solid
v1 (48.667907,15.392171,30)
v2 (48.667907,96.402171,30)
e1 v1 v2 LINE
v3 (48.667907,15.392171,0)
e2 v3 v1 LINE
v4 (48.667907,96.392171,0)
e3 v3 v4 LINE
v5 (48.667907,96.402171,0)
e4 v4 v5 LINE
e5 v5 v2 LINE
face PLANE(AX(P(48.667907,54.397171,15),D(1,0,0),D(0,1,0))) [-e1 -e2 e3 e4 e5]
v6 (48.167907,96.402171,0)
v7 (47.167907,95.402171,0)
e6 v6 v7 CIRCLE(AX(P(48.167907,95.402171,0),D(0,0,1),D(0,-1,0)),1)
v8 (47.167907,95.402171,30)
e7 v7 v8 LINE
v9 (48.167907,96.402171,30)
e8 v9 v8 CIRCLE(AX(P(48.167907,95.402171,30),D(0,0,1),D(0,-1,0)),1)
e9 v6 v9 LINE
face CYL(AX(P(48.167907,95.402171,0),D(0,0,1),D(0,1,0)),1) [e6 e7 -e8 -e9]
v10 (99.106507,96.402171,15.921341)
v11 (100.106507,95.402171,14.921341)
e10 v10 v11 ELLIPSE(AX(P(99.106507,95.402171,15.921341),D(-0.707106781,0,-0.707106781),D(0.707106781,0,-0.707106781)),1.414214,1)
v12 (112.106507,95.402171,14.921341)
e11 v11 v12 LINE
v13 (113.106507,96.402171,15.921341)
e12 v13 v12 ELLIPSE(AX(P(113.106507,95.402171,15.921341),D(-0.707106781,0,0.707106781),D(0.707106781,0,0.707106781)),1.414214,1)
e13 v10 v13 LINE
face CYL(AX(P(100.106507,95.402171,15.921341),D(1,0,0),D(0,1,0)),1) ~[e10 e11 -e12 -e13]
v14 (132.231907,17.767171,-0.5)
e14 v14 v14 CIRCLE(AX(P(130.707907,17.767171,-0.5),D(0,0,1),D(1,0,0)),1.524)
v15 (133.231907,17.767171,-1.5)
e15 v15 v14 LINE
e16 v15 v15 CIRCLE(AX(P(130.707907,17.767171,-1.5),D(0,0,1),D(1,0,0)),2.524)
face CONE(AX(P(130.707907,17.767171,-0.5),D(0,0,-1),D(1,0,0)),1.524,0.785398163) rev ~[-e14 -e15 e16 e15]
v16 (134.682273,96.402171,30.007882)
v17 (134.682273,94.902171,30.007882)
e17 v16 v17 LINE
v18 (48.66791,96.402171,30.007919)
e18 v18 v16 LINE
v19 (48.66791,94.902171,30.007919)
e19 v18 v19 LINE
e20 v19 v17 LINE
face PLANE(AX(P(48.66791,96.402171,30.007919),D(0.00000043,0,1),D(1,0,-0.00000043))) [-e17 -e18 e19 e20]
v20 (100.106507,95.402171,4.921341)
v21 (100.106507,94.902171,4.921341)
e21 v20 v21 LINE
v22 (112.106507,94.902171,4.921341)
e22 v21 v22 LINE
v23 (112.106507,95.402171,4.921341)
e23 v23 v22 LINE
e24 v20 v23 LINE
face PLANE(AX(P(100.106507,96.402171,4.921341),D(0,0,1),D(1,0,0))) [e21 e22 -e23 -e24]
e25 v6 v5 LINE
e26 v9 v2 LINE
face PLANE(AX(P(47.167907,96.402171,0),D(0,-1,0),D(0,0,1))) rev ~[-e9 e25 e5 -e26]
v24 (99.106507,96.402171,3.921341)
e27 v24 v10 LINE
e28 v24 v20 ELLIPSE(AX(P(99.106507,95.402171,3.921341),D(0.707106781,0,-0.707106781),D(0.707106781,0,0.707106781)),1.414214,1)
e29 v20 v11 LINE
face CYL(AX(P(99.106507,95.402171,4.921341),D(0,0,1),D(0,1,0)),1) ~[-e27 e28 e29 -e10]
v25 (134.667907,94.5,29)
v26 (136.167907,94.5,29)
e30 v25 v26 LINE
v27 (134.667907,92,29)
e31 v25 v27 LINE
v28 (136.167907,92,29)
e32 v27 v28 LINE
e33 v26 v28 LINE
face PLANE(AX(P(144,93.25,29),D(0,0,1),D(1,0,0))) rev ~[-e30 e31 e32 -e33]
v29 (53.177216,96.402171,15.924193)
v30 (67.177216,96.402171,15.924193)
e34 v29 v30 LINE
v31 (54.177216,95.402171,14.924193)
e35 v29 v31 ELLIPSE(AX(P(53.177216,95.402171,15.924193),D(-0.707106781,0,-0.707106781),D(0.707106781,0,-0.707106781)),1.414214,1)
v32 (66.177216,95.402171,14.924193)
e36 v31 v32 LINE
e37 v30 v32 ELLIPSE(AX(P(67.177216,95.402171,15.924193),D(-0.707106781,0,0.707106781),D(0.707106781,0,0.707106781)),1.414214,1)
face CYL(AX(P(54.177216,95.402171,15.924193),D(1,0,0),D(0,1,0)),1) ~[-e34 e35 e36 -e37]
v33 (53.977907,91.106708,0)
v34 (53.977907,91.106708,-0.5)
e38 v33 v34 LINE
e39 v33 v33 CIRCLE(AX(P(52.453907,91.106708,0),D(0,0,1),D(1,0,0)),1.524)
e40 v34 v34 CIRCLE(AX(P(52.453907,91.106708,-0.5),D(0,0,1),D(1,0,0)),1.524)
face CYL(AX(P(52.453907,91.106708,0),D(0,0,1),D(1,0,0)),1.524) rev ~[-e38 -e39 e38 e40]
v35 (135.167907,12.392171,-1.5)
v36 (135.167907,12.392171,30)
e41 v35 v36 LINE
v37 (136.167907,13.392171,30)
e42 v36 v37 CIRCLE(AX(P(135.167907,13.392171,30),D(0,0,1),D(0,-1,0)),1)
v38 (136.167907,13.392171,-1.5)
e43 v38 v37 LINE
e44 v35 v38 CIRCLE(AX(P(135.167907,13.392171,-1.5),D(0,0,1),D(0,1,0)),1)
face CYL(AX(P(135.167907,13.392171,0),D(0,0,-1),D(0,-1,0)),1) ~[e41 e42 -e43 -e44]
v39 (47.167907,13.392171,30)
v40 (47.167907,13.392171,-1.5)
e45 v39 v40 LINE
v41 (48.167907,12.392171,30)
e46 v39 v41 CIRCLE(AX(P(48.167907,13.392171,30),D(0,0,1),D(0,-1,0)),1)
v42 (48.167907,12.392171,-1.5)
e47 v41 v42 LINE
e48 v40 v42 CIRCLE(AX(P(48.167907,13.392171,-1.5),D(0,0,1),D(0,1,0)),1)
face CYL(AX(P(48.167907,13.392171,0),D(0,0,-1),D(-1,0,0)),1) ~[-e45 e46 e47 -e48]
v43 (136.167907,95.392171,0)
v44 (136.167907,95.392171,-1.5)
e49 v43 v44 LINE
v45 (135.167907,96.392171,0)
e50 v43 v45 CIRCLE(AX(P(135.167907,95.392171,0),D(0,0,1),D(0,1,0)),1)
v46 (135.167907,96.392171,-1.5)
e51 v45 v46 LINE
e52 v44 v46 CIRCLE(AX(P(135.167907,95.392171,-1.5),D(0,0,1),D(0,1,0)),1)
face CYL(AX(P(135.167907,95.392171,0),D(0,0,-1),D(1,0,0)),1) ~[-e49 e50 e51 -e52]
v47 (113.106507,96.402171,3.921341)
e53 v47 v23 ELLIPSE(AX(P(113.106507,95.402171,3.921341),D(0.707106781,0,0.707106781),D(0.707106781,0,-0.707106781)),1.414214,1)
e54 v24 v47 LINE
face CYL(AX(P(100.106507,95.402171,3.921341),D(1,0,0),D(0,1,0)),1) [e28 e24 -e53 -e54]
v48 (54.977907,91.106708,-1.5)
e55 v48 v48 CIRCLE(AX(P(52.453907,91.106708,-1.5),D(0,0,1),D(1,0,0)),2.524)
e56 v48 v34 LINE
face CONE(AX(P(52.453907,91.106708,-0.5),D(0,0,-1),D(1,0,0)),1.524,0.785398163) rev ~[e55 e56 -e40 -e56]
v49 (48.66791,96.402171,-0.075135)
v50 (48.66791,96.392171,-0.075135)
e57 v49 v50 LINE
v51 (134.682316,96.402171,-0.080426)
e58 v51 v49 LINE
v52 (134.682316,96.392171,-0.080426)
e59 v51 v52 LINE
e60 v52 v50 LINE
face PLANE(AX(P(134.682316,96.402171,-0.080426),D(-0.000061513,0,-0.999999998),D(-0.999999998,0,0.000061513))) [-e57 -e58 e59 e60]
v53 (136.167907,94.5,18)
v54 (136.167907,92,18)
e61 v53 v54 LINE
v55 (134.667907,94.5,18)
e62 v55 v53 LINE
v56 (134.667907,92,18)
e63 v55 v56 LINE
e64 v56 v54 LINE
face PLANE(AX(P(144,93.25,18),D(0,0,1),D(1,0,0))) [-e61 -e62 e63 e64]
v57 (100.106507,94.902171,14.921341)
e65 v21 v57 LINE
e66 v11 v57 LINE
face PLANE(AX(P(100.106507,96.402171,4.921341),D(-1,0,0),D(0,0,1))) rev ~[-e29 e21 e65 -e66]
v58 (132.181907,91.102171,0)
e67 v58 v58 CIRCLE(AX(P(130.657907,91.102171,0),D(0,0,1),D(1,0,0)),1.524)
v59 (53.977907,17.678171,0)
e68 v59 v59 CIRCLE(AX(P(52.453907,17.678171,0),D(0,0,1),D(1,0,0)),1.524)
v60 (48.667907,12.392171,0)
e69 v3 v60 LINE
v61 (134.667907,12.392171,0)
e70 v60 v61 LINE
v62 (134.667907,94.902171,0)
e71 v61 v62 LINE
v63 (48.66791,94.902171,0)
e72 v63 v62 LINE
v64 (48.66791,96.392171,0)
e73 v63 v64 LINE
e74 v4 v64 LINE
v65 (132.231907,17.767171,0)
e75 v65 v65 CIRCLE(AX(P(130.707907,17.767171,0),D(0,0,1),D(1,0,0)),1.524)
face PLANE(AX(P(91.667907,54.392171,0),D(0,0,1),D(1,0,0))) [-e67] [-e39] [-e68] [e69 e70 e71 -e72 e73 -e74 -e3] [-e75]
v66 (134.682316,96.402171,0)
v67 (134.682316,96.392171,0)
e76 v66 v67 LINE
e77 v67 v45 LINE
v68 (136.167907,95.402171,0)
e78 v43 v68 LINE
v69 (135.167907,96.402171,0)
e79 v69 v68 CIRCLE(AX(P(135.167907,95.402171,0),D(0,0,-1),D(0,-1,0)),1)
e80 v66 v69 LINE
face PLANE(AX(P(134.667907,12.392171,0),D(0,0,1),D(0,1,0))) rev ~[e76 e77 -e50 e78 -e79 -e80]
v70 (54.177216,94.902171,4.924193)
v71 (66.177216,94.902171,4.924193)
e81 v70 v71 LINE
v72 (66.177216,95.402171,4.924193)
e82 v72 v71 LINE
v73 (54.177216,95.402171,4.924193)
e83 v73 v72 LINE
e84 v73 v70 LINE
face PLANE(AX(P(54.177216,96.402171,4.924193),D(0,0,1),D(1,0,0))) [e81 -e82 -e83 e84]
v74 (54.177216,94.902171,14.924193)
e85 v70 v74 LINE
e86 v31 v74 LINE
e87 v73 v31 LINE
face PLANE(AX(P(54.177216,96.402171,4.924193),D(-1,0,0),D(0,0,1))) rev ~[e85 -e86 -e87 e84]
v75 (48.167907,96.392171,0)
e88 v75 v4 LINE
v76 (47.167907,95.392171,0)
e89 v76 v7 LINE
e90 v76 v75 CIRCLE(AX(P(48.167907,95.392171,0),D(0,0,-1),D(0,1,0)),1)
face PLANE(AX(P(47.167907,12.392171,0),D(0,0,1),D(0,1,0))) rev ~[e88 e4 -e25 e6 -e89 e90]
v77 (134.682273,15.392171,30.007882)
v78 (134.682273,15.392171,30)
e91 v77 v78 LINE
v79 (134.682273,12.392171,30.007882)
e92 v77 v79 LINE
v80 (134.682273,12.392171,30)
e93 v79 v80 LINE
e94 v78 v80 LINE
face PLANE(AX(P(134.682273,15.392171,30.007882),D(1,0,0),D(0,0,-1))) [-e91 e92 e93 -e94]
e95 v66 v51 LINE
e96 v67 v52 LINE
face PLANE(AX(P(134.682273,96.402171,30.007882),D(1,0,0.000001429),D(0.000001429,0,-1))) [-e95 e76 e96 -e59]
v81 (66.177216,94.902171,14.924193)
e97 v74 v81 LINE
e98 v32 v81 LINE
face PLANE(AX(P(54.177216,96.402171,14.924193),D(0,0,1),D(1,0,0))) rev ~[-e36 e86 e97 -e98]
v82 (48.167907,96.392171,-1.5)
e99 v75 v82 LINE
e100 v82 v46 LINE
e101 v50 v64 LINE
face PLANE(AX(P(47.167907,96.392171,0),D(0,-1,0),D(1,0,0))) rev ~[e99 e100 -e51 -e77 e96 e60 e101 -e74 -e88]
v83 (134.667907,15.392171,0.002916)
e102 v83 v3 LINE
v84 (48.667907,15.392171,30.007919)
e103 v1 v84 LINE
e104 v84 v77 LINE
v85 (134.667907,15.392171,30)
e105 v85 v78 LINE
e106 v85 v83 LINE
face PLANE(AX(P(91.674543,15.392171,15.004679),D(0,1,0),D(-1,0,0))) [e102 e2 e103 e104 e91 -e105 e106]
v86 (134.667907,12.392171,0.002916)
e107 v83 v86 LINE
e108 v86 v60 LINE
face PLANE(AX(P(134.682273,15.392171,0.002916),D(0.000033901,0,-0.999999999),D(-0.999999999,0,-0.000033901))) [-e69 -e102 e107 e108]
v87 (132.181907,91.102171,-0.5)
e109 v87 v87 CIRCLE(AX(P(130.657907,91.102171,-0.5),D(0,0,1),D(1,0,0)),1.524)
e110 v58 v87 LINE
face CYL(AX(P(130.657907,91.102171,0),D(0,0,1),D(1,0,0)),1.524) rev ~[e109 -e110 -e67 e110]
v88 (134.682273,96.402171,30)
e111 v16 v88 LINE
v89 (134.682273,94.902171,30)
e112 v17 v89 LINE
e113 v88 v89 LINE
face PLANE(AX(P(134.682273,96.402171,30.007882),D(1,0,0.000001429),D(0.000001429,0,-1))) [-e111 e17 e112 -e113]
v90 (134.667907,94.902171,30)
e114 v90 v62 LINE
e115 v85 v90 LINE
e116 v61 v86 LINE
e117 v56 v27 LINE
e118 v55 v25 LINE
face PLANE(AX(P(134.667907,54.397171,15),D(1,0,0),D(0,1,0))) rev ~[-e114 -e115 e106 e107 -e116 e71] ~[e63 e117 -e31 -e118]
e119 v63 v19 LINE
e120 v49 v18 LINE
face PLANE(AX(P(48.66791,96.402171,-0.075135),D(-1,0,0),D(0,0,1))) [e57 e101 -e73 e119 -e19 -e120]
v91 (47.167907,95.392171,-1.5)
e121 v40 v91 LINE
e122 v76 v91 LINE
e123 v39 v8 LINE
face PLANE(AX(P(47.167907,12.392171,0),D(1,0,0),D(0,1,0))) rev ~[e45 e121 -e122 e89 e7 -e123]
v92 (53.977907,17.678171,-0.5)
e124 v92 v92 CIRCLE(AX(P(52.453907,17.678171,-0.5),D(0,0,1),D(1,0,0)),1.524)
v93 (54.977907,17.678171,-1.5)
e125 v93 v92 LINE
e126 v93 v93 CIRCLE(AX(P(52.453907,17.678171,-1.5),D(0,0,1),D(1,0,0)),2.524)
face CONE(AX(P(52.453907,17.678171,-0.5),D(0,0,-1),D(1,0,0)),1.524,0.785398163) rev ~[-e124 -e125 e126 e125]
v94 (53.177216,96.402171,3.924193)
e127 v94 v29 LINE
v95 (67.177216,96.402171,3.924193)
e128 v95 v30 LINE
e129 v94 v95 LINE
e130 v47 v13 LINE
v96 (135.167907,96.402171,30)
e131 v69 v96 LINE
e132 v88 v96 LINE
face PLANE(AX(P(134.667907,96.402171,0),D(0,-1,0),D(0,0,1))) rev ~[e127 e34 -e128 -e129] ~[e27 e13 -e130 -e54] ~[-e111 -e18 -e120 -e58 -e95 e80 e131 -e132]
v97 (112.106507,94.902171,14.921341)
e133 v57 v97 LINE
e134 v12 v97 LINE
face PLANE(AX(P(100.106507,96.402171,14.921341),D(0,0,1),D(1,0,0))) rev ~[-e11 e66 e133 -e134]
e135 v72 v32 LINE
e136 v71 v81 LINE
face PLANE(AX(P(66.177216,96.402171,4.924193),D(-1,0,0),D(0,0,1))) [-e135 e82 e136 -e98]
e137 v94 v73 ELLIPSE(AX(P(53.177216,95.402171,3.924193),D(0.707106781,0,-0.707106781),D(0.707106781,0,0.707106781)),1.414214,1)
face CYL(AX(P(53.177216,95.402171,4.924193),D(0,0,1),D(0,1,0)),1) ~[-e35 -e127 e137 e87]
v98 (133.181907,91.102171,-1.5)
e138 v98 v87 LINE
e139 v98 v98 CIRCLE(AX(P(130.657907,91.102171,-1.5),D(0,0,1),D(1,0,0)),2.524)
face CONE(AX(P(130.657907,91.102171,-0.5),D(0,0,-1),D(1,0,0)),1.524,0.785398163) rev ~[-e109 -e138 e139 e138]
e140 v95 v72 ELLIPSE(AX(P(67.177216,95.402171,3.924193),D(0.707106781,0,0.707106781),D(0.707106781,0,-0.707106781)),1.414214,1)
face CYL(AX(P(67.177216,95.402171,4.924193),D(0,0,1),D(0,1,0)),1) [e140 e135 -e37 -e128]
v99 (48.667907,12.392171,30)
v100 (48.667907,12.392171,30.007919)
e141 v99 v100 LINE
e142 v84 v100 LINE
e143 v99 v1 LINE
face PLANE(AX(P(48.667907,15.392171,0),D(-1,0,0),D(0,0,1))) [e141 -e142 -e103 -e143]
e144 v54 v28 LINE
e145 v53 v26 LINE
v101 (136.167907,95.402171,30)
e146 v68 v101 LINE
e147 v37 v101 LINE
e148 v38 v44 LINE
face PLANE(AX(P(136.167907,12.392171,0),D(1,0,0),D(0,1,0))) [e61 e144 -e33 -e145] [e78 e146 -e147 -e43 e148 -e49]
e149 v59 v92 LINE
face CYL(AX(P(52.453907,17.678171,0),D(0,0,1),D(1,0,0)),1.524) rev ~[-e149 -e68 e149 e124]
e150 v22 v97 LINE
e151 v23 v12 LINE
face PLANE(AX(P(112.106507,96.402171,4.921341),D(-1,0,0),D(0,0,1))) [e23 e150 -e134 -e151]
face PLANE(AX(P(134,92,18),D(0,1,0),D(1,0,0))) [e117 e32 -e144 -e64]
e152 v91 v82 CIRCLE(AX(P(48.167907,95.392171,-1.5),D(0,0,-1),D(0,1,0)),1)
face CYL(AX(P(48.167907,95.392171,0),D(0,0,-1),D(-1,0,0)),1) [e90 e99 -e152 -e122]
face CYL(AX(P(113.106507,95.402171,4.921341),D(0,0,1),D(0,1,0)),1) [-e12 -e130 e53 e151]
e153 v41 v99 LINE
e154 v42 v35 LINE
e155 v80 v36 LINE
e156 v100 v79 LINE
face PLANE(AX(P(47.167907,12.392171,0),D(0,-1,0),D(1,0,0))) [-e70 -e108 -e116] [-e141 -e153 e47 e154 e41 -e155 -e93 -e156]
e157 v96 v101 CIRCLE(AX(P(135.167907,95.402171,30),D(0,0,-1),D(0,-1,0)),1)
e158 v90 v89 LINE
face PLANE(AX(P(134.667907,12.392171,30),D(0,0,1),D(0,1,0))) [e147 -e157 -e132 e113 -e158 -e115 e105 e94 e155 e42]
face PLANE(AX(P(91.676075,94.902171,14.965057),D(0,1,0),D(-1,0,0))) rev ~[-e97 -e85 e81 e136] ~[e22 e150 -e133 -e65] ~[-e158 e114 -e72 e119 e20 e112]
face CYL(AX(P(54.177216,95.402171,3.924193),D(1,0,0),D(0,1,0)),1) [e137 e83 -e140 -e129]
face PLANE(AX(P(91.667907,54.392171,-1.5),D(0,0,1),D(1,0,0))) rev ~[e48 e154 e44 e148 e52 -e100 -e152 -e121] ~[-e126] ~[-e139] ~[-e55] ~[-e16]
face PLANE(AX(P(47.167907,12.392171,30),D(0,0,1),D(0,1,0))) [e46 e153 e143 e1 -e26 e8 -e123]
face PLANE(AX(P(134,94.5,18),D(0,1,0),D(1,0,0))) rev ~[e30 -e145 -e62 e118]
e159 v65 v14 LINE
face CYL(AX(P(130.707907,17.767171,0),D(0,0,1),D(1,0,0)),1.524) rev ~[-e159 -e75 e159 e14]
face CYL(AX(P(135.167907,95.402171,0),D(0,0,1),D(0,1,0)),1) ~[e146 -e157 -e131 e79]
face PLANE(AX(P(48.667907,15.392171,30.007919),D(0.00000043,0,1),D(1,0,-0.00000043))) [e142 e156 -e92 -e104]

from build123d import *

# Parameters (mm, degrees)
BOX_W            = 20
BOX_H            = 2.5
BOX_DEPTH        = 11
SKETCH005_W      = 12
SKETCH005_H      = 10
EXTRUDE008_DEPTH = 1.5
SKETCH002_W      = 84.01
SKETCH002_H      = 30
EXTRUDE002_DEPTH = 1.5
FILLET001_R      = 1
FILLET003_R      = 1
SKETCH003_W      = 84.01
SKETCH003_H      = 30
EXTRUDE007_DEPTH = 1.5
FILLET005_R      = 1
SKETCH001_W      = 89
SKETCH001_H      = 84
SKETCH001_R      = 1.524
EXTRUDE001_DEPTH = 1.5
FILLET_R         = 1
FILLET002_R      = 1
FILLET004_R      = 1
FILLET006_R      = 1
EXTRUDE004_DEPTH = 3
FILLET011_R      = 1
CHAMFER_SIZE     = 1
CHAMFER001_SIZE  = 1
CHAMFER002_SIZE  = 1
CHAMFER003_SIZE  = 1
FILLET016_R      = 1
FILLET017_R      = 1


with BuildPart() as box:
    # Box → Box (new body)
    with BuildSketch(Plane(origin=(134, 92, 18), x_dir=(1, 0, 0), z_dir=(0, 0, 1))):
        with Locations((10, 1.25)):
            Rectangle(BOX_W, BOX_H)
    extrude(amount=BOX_DEPTH)


with BuildPart() as extrude008:
    # Sketch005 → Extrude008 (new body)
    with BuildSketch(Plane.XZ):
        Polygon((48.658601, 30.00186), (134.672964, 30.001823), (134.673007, -0.086485), (48.658601, -0.081194), align=None)
        with Locations((60.167907, 9.918134)):
            Rectangle(SKETCH005_W, SKETCH005_H, mode=Mode.SUBTRACT)
        with Locations((106.097198, 9.915282)):
            Rectangle(SKETCH005_W, SKETCH005_H, mode=Mode.SUBTRACT)
    extrude(amount=EXTRUDE008_DEPTH)


with BuildPart() as extrude008_1:
    # Extrude008 placement: moved
    add(extrude008.part.moved(Location((0.009309, 96.402171, 0.006059))))


with BuildPart() as fillet003:
    # Sketch002 → Extrude002 (new body)
    with BuildSketch(Plane.YZ):
        with Locations((54.387171, 15)):
            Rectangle(SKETCH002_W, SKETCH002_H)
    extrude(amount=EXTRUDE002_DEPTH)


with BuildPart() as fillet003_1:
    # Extrude002 placement: moved
    add(fillet003.part.moved(Location((47.167907, 0.01, 0))))

    # Fillet001
    fillet001_edges = [fillet003_1.edges().sort_by_distance(p)[0] for p in [
        (47.167907, 96.402171, 15),
    ]]
    fillet(fillet001_edges, radius=FILLET001_R)

    # Fillet003
    fillet003_edges = [fillet003_1.edges().sort_by_distance(p)[0] for p in [
        (47.167907, 12.392171, 15),
    ]]
    fillet(fillet003_edges, radius=FILLET003_R)


with BuildPart() as fillet005:
    # Sketch003 → Extrude007 (new body)
    with BuildSketch(Plane.YZ):
        with Locations((54.387171, 15)):
            Rectangle(SKETCH003_W, SKETCH003_H)
    extrude(amount=EXTRUDE007_DEPTH)


with BuildPart() as fillet005_1:
    # Extrude007 placement: moved
    add(fillet005.part.moved(Location((134.667907, 0.01, 0))))

    # Fillet005
    fillet005_edges = [fillet005_1.edges().sort_by_distance(p)[0] for p in [
        (136.167907, 12.392171, 15),
    ]]
    fillet(fillet005_edges, radius=FILLET005_R)


with BuildPart() as fillet006:
    # Sketch001 → Extrude001 (new body)
    with BuildSketch(Plane.XY):
        with Locations((91.667907, 54.392171)):
            Rectangle(SKETCH001_W, SKETCH001_H)
        with Locations((52.453907, 91.106708)):
            Circle(SKETCH001_R, mode=Mode.SUBTRACT)
        with Locations((130.657907, 91.102171)):
            Circle(SKETCH001_R, mode=Mode.SUBTRACT)
        with Locations((130.707907, 17.767171)):
            Circle(SKETCH001_R, mode=Mode.SUBTRACT)
        with Locations((52.453907, 17.678171)):
            Circle(SKETCH001_R, mode=Mode.SUBTRACT)
    extrude(amount=-EXTRUDE001_DEPTH)

    # Fillet
    fillet_edges = [fillet006.edges().sort_by_distance(p)[0] for p in [
        (47.167907, 96.392171, -0.75),
    ]]
    fillet(fillet_edges, radius=FILLET_R)

    # Fillet002
    fillet002_edges = [fillet006.edges().sort_by_distance(p)[0] for p in [
        (47.167907, 12.392171, -0.75),
    ]]
    fillet(fillet002_edges, radius=FILLET002_R)

    # Fillet004
    fillet004_edges = [fillet006.edges().sort_by_distance(p)[0] for p in [
        (136.167907, 12.392171, -0.75),
    ]]
    fillet(fillet004_edges, radius=FILLET004_R)

    # Fillet006
    fillet006_edges = [fillet006.edges().sort_by_distance(p)[0] for p in [
        (136.167907, 96.392171, -0.75),
    ]]
    fillet(fillet006_edges, radius=FILLET006_R)


with BuildPart() as fillet017:
    # Sketch004 (on Sketch) → Extrude004 (new body)
    with BuildSketch(Plane.XZ):
        Polygon((48.658598, 30.00186), (134.672964, 30.001823), (134.672964, -0.003143), (48.658598, -0.006059), align=None)
    extrude(amount=EXTRUDE004_DEPTH)


with BuildPart() as fillet017_1:
    # Extrude004 placement: moved
    add(fillet017.part.moved(Location((0.009309, 15.392171, 0.006059))))

    # Fusion: union Extrude008, Fillet003, Fillet005, Fillet006
    add(extrude008_1.part)
    add(fillet003_1.part)
    add(fillet005_1.part)
    add(fillet006.part)

    # Fillet011
    fillet011_edges = [fillet017_1.edges().sort_by_distance(p)[0] for p in [
        (136.167907, 96.402171, 15),
    ]]
    fillet(fillet011_edges, radius=FILLET011_R)

    # Chamfer
    chamfer_edges = [fillet017_1.edges().sort_by_distance(p)[0] for p in [
        (50.929907, 17.678171, -1.5),
    ]]
    chamfer(chamfer_edges, length=CHAMFER_SIZE)

    # Chamfer001
    chamfer001_edges = [fillet017_1.edges().sort_by_distance(p)[0] for p in [
        (129.183907, 17.767171, -1.5),
    ]]
    chamfer(chamfer001_edges, length=CHAMFER001_SIZE)

    # Chamfer002
    chamfer002_edges = [fillet017_1.edges().sort_by_distance(p)[0] for p in [
        (129.133907, 91.102171, -1.5),
    ]]
    chamfer(chamfer002_edges, length=CHAMFER002_SIZE)

    # Chamfer003
    chamfer003_edges = [fillet017_1.edges().sort_by_distance(p)[0] for p in [
        (50.929907, 91.106708, -1.5),
    ]]
    chamfer(chamfer003_edges, length=CHAMFER003_SIZE)

    # Cut: cut Box
    add(box.part, mode=Mode.SUBTRACT)

    # Fillet016
    fillet016_edges = [fillet017_1.edges().sort_by_distance(p)[0] for p in [
        (106.106507, 96.402171, 14.921341),
        (100.106507, 96.402171, 9.921341),
        (106.106507, 96.402171, 4.921341),
        (112.106507, 96.402171, 9.921341),
    ]]
    fillet(fillet016_edges, radius=FILLET016_R)

    # Fillet017
    fillet017_edges = [fillet017_1.edges().sort_by_distance(p)[0] for p in [
        (60.177215, 96.402171, 14.924193),
        (54.177215, 96.402171, 9.924193),
        (60.177215, 96.402171, 4.924193),
        (66.177215, 96.402171, 9.924193),
    ]]
    fillet(fillet017_edges, radius=FILLET017_R)


solid = fillet017_1.part
